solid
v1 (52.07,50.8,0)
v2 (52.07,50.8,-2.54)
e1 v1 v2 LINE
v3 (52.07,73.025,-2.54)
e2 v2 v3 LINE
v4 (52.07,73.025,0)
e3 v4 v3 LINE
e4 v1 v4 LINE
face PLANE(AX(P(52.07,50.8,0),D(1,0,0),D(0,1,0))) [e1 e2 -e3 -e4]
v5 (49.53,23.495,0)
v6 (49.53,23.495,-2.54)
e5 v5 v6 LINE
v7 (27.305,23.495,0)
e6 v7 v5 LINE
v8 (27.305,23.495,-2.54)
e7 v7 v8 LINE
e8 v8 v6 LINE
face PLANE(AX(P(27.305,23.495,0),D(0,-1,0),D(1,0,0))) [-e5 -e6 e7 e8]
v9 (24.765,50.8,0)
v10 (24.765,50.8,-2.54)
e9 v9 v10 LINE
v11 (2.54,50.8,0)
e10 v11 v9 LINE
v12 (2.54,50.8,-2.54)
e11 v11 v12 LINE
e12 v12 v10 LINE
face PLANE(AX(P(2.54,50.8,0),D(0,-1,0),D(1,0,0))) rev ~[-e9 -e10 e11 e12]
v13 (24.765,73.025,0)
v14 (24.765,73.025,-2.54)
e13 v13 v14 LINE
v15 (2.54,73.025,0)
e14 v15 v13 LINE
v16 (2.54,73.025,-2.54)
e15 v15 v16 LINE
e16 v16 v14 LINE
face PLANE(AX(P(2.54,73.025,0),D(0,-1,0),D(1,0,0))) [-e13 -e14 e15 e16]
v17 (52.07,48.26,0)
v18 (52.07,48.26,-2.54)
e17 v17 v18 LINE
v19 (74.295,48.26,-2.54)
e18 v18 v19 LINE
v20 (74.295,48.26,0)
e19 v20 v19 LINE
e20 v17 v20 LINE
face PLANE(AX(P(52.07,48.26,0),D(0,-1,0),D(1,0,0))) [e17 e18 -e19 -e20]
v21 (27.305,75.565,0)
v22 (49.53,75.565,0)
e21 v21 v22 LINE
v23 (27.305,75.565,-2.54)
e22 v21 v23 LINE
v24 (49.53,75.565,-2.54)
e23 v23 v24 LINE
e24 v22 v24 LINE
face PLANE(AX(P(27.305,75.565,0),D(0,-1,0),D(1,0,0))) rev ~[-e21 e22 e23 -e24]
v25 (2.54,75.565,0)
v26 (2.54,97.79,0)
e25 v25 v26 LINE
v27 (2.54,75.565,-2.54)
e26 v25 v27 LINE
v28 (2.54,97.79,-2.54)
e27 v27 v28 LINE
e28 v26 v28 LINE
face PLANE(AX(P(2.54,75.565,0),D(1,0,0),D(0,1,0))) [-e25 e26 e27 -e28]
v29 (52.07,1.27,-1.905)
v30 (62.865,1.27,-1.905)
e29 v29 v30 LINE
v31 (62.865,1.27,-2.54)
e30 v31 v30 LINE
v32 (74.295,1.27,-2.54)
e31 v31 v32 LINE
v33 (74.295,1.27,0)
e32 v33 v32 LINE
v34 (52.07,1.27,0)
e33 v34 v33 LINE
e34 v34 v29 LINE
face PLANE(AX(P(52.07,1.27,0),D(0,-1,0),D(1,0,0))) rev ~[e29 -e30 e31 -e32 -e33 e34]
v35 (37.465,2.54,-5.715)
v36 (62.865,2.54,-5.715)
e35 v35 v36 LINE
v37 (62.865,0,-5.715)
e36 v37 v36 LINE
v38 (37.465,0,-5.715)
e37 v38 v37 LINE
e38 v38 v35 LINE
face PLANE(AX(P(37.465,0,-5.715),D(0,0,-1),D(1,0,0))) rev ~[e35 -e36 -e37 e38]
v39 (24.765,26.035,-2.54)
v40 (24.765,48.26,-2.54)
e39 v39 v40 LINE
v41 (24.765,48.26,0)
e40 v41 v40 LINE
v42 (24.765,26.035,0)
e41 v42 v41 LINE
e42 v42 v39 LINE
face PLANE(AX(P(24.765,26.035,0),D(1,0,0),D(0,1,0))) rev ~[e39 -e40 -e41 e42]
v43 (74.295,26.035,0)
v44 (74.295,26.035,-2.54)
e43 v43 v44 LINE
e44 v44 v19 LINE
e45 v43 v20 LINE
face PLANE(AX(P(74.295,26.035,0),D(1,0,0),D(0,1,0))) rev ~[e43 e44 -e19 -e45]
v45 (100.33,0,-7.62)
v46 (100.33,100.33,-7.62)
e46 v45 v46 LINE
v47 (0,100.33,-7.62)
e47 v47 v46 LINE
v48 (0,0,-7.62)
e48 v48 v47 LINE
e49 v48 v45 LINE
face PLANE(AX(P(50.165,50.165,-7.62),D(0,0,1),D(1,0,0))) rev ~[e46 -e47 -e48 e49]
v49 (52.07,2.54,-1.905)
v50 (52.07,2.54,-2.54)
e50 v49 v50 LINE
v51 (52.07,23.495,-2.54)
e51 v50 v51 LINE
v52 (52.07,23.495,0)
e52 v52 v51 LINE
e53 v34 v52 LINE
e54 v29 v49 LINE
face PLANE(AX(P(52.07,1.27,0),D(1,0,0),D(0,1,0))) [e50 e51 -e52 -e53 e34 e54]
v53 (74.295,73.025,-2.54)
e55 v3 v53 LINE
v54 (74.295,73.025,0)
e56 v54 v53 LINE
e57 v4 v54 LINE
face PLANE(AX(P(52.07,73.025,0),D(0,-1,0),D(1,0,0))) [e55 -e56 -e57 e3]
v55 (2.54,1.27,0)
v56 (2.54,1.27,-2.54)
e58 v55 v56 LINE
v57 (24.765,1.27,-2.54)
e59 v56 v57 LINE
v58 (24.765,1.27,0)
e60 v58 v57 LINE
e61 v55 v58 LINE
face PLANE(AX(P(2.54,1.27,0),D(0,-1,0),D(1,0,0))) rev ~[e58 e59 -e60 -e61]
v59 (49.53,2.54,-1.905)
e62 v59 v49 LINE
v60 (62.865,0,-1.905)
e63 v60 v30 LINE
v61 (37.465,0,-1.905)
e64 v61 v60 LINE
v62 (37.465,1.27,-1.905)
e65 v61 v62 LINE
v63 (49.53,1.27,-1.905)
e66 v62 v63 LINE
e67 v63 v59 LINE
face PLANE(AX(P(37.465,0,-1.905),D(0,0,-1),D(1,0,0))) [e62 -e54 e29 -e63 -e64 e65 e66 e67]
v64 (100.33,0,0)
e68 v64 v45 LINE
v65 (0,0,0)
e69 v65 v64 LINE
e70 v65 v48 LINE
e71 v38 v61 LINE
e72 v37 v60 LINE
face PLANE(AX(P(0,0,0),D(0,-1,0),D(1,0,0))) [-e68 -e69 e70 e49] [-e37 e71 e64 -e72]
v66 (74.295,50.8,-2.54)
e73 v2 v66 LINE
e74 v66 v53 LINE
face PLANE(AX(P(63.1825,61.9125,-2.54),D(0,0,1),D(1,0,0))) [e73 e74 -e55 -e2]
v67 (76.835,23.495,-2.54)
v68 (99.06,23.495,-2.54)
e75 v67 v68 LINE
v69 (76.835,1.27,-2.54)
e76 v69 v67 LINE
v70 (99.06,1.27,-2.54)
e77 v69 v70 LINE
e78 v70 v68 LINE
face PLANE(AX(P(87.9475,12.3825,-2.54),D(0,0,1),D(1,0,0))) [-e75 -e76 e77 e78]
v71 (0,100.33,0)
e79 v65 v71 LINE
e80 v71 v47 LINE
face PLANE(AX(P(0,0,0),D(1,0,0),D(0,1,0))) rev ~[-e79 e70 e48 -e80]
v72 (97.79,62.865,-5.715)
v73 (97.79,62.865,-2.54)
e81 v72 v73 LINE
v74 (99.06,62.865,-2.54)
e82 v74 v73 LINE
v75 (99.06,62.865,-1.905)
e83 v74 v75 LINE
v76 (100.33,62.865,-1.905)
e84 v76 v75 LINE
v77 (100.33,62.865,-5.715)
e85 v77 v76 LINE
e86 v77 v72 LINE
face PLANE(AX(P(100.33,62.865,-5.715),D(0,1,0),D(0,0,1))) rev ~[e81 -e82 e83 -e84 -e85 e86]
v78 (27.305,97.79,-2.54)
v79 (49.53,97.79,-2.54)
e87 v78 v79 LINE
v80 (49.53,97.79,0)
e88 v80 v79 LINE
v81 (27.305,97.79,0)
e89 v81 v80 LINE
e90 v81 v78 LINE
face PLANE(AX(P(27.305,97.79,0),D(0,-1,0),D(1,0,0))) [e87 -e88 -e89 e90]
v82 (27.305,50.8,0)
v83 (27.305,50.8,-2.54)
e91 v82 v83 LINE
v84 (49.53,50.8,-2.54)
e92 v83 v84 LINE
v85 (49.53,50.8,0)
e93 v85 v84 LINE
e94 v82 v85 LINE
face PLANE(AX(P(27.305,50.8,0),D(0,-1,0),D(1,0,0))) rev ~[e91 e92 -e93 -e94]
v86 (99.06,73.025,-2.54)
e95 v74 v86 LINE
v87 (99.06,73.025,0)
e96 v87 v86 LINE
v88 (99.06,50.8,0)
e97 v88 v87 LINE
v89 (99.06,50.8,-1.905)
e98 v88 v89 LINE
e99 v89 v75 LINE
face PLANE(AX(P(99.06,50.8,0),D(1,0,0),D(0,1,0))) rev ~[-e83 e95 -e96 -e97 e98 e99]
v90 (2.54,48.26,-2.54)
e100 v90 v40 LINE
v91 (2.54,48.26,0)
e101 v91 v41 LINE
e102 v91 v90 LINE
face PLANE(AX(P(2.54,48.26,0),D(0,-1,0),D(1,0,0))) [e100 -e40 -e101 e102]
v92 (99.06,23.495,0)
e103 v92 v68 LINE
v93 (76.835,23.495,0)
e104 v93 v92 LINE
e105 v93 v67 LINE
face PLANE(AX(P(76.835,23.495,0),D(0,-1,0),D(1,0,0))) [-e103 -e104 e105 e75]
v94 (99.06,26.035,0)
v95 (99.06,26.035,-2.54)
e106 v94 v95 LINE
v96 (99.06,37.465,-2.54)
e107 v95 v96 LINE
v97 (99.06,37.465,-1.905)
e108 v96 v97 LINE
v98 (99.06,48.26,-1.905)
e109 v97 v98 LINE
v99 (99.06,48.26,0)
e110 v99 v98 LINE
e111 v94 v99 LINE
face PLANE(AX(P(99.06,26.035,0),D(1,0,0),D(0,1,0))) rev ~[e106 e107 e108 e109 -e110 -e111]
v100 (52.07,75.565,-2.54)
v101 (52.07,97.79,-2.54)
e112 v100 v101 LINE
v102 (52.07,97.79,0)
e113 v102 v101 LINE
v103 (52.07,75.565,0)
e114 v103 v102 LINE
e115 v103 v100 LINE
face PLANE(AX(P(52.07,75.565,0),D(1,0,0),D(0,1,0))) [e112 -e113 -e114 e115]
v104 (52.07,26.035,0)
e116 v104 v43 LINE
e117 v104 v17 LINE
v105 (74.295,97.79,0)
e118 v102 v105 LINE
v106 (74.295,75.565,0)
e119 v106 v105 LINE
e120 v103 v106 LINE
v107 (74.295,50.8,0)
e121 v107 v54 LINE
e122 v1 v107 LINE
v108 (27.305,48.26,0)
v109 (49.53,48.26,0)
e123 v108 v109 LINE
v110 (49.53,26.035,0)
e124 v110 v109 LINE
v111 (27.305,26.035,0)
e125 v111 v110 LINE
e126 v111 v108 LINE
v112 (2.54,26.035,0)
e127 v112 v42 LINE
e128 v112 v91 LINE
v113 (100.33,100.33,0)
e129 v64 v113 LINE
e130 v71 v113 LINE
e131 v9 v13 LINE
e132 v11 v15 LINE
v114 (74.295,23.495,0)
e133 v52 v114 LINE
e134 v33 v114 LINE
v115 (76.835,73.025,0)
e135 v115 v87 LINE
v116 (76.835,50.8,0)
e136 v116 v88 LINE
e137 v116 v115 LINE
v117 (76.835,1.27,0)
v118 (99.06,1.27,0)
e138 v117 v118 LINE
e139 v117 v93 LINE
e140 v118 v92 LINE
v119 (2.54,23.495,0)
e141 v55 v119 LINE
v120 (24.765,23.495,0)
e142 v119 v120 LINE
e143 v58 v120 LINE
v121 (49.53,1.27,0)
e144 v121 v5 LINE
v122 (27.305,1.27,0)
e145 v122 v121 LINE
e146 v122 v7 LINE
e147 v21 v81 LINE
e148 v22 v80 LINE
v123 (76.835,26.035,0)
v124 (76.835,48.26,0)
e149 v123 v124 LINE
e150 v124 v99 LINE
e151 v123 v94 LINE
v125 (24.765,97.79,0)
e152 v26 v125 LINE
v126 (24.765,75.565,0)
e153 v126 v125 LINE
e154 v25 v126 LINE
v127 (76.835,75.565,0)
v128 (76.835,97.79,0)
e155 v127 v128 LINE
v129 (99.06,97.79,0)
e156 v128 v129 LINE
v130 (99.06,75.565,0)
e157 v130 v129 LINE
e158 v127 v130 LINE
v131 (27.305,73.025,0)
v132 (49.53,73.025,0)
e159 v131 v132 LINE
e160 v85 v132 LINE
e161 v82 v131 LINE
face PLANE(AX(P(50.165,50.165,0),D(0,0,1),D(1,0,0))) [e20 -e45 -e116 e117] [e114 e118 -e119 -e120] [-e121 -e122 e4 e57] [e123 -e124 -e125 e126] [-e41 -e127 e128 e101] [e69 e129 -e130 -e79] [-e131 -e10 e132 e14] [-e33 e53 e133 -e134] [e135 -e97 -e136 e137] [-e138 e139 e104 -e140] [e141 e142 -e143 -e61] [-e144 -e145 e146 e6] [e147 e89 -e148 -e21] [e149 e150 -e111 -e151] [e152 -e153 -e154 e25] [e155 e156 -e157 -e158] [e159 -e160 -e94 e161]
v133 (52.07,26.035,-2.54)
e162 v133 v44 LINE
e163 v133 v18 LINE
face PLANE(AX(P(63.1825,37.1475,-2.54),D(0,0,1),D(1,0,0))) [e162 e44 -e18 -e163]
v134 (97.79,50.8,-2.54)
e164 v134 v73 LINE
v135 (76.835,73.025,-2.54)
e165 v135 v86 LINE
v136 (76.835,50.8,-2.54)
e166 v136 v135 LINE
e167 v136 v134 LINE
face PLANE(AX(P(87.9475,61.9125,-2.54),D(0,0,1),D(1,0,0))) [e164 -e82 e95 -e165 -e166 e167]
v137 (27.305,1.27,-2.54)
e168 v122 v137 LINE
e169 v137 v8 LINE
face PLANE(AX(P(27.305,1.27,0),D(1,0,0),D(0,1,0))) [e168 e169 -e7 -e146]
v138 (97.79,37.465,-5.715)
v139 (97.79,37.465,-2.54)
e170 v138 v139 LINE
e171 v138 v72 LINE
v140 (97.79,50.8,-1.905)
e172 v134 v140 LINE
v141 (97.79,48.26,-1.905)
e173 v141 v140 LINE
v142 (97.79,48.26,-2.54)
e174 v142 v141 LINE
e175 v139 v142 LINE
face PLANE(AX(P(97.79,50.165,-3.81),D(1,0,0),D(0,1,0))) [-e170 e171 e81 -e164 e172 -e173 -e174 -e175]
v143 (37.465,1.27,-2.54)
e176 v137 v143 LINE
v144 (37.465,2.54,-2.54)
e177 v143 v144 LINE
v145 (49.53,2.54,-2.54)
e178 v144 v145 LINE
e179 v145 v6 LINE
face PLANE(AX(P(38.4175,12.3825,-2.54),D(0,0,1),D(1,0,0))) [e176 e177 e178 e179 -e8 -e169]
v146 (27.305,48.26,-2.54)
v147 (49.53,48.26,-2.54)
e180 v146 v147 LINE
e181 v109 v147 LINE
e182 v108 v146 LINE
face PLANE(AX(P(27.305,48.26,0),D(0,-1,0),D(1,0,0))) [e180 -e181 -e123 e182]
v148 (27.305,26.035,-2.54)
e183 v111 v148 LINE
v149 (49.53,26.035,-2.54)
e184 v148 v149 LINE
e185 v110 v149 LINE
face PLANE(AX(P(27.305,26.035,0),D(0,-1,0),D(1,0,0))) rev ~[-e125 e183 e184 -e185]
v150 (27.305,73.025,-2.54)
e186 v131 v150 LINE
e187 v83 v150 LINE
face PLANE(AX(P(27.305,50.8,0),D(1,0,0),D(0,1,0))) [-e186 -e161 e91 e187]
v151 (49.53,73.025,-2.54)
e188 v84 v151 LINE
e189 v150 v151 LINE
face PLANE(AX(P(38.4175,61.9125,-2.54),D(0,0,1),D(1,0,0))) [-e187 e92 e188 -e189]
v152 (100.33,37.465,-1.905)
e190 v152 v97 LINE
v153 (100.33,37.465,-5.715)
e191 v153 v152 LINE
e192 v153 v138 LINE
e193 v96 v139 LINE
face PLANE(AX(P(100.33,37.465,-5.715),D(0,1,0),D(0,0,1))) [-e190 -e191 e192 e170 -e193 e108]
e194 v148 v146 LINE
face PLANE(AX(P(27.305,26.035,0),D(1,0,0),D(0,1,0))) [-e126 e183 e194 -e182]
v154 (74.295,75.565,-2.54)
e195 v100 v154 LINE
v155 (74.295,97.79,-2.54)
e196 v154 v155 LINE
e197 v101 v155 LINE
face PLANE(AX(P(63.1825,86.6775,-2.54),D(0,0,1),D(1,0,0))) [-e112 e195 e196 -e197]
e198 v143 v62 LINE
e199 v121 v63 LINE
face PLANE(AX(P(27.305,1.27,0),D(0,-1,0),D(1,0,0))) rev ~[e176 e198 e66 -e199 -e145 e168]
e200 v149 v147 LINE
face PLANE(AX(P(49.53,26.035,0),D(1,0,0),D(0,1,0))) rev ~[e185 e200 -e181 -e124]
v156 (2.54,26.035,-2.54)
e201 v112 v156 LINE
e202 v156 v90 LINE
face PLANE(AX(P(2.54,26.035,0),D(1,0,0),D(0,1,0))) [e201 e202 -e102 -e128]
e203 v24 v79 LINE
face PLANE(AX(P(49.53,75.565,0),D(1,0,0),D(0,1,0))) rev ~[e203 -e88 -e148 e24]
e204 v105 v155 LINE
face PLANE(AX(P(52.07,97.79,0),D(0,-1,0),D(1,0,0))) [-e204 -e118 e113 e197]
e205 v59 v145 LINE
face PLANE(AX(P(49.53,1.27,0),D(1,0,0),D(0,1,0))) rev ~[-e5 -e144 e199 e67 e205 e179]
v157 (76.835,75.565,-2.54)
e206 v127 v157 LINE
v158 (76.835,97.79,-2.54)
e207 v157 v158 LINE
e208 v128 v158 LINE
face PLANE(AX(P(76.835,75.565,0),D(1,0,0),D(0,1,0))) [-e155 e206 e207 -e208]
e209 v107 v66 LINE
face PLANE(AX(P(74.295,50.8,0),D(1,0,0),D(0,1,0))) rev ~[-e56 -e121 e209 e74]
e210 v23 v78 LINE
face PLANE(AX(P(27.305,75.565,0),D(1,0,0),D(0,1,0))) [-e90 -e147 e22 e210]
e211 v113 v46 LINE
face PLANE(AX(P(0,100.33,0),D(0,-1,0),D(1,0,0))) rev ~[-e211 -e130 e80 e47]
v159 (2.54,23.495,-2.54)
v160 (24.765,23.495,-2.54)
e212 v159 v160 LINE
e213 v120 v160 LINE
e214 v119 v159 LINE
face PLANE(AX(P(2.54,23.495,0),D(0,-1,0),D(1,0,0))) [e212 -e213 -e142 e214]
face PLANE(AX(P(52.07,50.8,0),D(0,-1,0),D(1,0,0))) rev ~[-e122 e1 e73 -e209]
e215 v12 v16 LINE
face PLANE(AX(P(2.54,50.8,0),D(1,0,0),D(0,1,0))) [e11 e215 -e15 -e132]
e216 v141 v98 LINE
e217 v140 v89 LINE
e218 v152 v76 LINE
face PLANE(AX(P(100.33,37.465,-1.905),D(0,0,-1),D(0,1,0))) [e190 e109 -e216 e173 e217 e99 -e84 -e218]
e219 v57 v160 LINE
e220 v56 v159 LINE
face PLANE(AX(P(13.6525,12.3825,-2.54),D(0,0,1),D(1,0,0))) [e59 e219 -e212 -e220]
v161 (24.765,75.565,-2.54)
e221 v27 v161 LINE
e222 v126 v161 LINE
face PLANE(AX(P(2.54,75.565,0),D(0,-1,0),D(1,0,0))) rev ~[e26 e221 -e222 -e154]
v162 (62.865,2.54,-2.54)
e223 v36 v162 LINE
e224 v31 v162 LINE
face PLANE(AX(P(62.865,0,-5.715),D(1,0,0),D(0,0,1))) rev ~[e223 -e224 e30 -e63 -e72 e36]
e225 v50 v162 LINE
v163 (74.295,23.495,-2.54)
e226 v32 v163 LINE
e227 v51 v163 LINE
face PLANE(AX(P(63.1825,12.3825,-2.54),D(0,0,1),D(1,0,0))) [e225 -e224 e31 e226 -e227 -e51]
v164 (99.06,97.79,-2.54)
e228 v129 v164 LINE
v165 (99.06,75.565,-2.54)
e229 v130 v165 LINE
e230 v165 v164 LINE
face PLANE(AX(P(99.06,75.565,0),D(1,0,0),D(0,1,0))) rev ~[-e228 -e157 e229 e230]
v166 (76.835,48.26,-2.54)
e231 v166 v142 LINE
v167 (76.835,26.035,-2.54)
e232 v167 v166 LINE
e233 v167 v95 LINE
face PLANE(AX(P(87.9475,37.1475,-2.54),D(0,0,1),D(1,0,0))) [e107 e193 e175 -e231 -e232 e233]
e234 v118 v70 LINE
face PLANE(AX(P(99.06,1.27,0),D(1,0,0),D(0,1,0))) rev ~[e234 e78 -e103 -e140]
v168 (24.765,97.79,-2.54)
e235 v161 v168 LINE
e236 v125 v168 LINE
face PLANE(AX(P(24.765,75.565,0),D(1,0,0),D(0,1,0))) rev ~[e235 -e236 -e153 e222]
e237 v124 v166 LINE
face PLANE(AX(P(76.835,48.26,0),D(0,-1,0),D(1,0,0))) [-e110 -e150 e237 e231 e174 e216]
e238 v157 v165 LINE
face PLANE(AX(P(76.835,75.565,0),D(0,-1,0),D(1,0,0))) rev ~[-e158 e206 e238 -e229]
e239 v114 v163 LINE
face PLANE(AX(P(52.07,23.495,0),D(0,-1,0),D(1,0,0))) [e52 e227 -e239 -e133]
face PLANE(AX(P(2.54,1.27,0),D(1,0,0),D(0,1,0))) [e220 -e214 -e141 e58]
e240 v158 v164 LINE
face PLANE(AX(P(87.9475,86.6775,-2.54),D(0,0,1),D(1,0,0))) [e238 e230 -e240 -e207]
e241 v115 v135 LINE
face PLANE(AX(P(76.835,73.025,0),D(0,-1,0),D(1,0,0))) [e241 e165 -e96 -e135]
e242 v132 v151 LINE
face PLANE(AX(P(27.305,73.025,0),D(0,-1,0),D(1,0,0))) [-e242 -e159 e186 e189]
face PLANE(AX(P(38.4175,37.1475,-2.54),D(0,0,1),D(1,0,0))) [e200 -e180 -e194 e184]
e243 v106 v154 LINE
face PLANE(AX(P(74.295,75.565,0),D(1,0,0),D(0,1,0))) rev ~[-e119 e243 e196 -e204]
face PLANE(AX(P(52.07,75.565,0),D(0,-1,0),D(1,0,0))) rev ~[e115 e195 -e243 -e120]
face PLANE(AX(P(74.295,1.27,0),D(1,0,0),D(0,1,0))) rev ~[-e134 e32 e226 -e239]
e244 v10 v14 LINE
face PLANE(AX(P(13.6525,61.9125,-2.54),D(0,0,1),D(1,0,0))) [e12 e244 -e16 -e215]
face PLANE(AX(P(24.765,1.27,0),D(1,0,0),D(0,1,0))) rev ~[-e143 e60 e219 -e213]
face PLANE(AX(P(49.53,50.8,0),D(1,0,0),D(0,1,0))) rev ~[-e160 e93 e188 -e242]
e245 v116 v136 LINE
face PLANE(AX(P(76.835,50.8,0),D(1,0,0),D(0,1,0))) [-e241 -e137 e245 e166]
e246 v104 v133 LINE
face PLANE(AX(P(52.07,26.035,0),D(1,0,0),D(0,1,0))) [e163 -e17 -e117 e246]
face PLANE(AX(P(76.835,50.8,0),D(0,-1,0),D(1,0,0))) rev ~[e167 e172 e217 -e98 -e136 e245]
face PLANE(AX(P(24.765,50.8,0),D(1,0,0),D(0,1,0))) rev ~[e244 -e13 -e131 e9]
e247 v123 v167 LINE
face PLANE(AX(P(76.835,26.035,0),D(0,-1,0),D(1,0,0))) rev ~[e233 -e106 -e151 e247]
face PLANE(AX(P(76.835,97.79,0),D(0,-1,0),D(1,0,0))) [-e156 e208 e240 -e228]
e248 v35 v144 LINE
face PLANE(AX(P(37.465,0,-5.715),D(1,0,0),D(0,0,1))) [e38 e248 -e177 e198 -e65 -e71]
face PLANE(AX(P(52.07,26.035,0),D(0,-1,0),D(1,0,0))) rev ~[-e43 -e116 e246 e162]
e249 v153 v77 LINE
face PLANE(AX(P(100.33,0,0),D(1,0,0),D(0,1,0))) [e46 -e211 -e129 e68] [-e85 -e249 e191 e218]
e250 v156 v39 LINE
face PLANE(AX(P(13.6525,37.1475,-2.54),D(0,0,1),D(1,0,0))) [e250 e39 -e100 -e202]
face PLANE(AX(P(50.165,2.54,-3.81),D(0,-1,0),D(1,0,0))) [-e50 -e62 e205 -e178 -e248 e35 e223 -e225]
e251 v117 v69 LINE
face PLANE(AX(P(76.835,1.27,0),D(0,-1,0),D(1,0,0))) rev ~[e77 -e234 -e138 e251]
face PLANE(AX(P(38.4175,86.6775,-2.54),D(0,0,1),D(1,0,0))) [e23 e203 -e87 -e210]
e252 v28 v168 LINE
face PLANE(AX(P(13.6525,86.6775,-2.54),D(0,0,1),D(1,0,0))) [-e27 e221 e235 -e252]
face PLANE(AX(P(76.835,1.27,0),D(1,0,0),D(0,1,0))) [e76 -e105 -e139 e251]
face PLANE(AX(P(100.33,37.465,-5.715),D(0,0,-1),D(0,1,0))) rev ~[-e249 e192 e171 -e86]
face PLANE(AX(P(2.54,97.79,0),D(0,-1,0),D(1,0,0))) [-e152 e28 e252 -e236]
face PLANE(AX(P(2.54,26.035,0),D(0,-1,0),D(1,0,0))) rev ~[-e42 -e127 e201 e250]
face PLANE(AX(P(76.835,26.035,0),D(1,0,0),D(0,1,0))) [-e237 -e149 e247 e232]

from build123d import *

# Parameters (mm, degrees)
F0_W     = 100.33
F0_H     = 100.33
F1_DEPTH = 7.62
F2_W     = 22.225
F2_H     = 22.225
F3_DEPTH = 2.54
F4_W     = 25.4
F4_H     = 3.81
F6_DEPTH = 2.54
F5_W     = 25.4
F5_H     = 3.81
F7_DEPTH = 2.54


with BuildPart() as f1:
    # F0 (on Top) → F1 (new body)
    with BuildSketch(Plane.XY):
        with Locations((50.165, 50.165)):
            Rectangle(F0_W, F0_H)
    extrude(amount=-F1_DEPTH)

    # F2 (on Top) → F3 (cut)
    with BuildSketch(Plane.XY):
        with Locations((13.6525, 86.6775)):
            Rectangle(F2_W, F2_H)
        with Locations((38.4175, 86.6775)):
            Rectangle(F2_W, F2_H)
        with Locations((63.1825, 86.6775)):
            Rectangle(F2_W, F2_H)
        with Locations((87.9475, 86.6775)):
            Rectangle(F2_W, F2_H)
        with Locations((13.6525, 61.9125)):
            Rectangle(F2_W, F2_H)
        with Locations((13.6525, 37.1475)):
            Rectangle(F2_W, F2_H)
        with Locations((13.6525, 12.3825)):
            Rectangle(F2_W, F2_H)
        with Locations((38.4175, 61.9125)):
            Rectangle(F2_W, F2_H)
        with Locations((63.1825, 61.9125)):
            Rectangle(F2_W, F2_H)
        with Locations((87.9475, 61.9125)):
            Rectangle(F2_W, F2_H)
        with Locations((38.4175, 37.1475)):
            Rectangle(F2_W, F2_H)
        with Locations((38.4175, 12.3825)):
            Rectangle(F2_W, F2_H)
        with Locations((63.1825, 37.1475)):
            Rectangle(F2_W, F2_H)
        with Locations((87.9475, 37.1475)):
            Rectangle(F2_W, F2_H)
        with Locations((63.1825, 12.3825)):
            Rectangle(F2_W, F2_H)
        with Locations((87.9475, 12.3825)):
            Rectangle(F2_W, F2_H)
    extrude(amount=-F3_DEPTH, mode=Mode.SUBTRACT)

    # F4 (on face) → F6 (cut)
    with BuildSketch(Plane.XZ):
        with Locations((50.165, -3.81)):
            Rectangle(F4_W, F4_H)
    extrude(amount=-F6_DEPTH, mode=Mode.SUBTRACT)

    # F5 (on face) → F7 (cut)
    with BuildSketch(Plane.YZ.offset(100.33)):
        with Locations((50.165, -3.81)):
            Rectangle(F5_W, F5_H)
    extrude(amount=-F7_DEPTH, mode=Mode.SUBTRACT)


solid = f1.part
